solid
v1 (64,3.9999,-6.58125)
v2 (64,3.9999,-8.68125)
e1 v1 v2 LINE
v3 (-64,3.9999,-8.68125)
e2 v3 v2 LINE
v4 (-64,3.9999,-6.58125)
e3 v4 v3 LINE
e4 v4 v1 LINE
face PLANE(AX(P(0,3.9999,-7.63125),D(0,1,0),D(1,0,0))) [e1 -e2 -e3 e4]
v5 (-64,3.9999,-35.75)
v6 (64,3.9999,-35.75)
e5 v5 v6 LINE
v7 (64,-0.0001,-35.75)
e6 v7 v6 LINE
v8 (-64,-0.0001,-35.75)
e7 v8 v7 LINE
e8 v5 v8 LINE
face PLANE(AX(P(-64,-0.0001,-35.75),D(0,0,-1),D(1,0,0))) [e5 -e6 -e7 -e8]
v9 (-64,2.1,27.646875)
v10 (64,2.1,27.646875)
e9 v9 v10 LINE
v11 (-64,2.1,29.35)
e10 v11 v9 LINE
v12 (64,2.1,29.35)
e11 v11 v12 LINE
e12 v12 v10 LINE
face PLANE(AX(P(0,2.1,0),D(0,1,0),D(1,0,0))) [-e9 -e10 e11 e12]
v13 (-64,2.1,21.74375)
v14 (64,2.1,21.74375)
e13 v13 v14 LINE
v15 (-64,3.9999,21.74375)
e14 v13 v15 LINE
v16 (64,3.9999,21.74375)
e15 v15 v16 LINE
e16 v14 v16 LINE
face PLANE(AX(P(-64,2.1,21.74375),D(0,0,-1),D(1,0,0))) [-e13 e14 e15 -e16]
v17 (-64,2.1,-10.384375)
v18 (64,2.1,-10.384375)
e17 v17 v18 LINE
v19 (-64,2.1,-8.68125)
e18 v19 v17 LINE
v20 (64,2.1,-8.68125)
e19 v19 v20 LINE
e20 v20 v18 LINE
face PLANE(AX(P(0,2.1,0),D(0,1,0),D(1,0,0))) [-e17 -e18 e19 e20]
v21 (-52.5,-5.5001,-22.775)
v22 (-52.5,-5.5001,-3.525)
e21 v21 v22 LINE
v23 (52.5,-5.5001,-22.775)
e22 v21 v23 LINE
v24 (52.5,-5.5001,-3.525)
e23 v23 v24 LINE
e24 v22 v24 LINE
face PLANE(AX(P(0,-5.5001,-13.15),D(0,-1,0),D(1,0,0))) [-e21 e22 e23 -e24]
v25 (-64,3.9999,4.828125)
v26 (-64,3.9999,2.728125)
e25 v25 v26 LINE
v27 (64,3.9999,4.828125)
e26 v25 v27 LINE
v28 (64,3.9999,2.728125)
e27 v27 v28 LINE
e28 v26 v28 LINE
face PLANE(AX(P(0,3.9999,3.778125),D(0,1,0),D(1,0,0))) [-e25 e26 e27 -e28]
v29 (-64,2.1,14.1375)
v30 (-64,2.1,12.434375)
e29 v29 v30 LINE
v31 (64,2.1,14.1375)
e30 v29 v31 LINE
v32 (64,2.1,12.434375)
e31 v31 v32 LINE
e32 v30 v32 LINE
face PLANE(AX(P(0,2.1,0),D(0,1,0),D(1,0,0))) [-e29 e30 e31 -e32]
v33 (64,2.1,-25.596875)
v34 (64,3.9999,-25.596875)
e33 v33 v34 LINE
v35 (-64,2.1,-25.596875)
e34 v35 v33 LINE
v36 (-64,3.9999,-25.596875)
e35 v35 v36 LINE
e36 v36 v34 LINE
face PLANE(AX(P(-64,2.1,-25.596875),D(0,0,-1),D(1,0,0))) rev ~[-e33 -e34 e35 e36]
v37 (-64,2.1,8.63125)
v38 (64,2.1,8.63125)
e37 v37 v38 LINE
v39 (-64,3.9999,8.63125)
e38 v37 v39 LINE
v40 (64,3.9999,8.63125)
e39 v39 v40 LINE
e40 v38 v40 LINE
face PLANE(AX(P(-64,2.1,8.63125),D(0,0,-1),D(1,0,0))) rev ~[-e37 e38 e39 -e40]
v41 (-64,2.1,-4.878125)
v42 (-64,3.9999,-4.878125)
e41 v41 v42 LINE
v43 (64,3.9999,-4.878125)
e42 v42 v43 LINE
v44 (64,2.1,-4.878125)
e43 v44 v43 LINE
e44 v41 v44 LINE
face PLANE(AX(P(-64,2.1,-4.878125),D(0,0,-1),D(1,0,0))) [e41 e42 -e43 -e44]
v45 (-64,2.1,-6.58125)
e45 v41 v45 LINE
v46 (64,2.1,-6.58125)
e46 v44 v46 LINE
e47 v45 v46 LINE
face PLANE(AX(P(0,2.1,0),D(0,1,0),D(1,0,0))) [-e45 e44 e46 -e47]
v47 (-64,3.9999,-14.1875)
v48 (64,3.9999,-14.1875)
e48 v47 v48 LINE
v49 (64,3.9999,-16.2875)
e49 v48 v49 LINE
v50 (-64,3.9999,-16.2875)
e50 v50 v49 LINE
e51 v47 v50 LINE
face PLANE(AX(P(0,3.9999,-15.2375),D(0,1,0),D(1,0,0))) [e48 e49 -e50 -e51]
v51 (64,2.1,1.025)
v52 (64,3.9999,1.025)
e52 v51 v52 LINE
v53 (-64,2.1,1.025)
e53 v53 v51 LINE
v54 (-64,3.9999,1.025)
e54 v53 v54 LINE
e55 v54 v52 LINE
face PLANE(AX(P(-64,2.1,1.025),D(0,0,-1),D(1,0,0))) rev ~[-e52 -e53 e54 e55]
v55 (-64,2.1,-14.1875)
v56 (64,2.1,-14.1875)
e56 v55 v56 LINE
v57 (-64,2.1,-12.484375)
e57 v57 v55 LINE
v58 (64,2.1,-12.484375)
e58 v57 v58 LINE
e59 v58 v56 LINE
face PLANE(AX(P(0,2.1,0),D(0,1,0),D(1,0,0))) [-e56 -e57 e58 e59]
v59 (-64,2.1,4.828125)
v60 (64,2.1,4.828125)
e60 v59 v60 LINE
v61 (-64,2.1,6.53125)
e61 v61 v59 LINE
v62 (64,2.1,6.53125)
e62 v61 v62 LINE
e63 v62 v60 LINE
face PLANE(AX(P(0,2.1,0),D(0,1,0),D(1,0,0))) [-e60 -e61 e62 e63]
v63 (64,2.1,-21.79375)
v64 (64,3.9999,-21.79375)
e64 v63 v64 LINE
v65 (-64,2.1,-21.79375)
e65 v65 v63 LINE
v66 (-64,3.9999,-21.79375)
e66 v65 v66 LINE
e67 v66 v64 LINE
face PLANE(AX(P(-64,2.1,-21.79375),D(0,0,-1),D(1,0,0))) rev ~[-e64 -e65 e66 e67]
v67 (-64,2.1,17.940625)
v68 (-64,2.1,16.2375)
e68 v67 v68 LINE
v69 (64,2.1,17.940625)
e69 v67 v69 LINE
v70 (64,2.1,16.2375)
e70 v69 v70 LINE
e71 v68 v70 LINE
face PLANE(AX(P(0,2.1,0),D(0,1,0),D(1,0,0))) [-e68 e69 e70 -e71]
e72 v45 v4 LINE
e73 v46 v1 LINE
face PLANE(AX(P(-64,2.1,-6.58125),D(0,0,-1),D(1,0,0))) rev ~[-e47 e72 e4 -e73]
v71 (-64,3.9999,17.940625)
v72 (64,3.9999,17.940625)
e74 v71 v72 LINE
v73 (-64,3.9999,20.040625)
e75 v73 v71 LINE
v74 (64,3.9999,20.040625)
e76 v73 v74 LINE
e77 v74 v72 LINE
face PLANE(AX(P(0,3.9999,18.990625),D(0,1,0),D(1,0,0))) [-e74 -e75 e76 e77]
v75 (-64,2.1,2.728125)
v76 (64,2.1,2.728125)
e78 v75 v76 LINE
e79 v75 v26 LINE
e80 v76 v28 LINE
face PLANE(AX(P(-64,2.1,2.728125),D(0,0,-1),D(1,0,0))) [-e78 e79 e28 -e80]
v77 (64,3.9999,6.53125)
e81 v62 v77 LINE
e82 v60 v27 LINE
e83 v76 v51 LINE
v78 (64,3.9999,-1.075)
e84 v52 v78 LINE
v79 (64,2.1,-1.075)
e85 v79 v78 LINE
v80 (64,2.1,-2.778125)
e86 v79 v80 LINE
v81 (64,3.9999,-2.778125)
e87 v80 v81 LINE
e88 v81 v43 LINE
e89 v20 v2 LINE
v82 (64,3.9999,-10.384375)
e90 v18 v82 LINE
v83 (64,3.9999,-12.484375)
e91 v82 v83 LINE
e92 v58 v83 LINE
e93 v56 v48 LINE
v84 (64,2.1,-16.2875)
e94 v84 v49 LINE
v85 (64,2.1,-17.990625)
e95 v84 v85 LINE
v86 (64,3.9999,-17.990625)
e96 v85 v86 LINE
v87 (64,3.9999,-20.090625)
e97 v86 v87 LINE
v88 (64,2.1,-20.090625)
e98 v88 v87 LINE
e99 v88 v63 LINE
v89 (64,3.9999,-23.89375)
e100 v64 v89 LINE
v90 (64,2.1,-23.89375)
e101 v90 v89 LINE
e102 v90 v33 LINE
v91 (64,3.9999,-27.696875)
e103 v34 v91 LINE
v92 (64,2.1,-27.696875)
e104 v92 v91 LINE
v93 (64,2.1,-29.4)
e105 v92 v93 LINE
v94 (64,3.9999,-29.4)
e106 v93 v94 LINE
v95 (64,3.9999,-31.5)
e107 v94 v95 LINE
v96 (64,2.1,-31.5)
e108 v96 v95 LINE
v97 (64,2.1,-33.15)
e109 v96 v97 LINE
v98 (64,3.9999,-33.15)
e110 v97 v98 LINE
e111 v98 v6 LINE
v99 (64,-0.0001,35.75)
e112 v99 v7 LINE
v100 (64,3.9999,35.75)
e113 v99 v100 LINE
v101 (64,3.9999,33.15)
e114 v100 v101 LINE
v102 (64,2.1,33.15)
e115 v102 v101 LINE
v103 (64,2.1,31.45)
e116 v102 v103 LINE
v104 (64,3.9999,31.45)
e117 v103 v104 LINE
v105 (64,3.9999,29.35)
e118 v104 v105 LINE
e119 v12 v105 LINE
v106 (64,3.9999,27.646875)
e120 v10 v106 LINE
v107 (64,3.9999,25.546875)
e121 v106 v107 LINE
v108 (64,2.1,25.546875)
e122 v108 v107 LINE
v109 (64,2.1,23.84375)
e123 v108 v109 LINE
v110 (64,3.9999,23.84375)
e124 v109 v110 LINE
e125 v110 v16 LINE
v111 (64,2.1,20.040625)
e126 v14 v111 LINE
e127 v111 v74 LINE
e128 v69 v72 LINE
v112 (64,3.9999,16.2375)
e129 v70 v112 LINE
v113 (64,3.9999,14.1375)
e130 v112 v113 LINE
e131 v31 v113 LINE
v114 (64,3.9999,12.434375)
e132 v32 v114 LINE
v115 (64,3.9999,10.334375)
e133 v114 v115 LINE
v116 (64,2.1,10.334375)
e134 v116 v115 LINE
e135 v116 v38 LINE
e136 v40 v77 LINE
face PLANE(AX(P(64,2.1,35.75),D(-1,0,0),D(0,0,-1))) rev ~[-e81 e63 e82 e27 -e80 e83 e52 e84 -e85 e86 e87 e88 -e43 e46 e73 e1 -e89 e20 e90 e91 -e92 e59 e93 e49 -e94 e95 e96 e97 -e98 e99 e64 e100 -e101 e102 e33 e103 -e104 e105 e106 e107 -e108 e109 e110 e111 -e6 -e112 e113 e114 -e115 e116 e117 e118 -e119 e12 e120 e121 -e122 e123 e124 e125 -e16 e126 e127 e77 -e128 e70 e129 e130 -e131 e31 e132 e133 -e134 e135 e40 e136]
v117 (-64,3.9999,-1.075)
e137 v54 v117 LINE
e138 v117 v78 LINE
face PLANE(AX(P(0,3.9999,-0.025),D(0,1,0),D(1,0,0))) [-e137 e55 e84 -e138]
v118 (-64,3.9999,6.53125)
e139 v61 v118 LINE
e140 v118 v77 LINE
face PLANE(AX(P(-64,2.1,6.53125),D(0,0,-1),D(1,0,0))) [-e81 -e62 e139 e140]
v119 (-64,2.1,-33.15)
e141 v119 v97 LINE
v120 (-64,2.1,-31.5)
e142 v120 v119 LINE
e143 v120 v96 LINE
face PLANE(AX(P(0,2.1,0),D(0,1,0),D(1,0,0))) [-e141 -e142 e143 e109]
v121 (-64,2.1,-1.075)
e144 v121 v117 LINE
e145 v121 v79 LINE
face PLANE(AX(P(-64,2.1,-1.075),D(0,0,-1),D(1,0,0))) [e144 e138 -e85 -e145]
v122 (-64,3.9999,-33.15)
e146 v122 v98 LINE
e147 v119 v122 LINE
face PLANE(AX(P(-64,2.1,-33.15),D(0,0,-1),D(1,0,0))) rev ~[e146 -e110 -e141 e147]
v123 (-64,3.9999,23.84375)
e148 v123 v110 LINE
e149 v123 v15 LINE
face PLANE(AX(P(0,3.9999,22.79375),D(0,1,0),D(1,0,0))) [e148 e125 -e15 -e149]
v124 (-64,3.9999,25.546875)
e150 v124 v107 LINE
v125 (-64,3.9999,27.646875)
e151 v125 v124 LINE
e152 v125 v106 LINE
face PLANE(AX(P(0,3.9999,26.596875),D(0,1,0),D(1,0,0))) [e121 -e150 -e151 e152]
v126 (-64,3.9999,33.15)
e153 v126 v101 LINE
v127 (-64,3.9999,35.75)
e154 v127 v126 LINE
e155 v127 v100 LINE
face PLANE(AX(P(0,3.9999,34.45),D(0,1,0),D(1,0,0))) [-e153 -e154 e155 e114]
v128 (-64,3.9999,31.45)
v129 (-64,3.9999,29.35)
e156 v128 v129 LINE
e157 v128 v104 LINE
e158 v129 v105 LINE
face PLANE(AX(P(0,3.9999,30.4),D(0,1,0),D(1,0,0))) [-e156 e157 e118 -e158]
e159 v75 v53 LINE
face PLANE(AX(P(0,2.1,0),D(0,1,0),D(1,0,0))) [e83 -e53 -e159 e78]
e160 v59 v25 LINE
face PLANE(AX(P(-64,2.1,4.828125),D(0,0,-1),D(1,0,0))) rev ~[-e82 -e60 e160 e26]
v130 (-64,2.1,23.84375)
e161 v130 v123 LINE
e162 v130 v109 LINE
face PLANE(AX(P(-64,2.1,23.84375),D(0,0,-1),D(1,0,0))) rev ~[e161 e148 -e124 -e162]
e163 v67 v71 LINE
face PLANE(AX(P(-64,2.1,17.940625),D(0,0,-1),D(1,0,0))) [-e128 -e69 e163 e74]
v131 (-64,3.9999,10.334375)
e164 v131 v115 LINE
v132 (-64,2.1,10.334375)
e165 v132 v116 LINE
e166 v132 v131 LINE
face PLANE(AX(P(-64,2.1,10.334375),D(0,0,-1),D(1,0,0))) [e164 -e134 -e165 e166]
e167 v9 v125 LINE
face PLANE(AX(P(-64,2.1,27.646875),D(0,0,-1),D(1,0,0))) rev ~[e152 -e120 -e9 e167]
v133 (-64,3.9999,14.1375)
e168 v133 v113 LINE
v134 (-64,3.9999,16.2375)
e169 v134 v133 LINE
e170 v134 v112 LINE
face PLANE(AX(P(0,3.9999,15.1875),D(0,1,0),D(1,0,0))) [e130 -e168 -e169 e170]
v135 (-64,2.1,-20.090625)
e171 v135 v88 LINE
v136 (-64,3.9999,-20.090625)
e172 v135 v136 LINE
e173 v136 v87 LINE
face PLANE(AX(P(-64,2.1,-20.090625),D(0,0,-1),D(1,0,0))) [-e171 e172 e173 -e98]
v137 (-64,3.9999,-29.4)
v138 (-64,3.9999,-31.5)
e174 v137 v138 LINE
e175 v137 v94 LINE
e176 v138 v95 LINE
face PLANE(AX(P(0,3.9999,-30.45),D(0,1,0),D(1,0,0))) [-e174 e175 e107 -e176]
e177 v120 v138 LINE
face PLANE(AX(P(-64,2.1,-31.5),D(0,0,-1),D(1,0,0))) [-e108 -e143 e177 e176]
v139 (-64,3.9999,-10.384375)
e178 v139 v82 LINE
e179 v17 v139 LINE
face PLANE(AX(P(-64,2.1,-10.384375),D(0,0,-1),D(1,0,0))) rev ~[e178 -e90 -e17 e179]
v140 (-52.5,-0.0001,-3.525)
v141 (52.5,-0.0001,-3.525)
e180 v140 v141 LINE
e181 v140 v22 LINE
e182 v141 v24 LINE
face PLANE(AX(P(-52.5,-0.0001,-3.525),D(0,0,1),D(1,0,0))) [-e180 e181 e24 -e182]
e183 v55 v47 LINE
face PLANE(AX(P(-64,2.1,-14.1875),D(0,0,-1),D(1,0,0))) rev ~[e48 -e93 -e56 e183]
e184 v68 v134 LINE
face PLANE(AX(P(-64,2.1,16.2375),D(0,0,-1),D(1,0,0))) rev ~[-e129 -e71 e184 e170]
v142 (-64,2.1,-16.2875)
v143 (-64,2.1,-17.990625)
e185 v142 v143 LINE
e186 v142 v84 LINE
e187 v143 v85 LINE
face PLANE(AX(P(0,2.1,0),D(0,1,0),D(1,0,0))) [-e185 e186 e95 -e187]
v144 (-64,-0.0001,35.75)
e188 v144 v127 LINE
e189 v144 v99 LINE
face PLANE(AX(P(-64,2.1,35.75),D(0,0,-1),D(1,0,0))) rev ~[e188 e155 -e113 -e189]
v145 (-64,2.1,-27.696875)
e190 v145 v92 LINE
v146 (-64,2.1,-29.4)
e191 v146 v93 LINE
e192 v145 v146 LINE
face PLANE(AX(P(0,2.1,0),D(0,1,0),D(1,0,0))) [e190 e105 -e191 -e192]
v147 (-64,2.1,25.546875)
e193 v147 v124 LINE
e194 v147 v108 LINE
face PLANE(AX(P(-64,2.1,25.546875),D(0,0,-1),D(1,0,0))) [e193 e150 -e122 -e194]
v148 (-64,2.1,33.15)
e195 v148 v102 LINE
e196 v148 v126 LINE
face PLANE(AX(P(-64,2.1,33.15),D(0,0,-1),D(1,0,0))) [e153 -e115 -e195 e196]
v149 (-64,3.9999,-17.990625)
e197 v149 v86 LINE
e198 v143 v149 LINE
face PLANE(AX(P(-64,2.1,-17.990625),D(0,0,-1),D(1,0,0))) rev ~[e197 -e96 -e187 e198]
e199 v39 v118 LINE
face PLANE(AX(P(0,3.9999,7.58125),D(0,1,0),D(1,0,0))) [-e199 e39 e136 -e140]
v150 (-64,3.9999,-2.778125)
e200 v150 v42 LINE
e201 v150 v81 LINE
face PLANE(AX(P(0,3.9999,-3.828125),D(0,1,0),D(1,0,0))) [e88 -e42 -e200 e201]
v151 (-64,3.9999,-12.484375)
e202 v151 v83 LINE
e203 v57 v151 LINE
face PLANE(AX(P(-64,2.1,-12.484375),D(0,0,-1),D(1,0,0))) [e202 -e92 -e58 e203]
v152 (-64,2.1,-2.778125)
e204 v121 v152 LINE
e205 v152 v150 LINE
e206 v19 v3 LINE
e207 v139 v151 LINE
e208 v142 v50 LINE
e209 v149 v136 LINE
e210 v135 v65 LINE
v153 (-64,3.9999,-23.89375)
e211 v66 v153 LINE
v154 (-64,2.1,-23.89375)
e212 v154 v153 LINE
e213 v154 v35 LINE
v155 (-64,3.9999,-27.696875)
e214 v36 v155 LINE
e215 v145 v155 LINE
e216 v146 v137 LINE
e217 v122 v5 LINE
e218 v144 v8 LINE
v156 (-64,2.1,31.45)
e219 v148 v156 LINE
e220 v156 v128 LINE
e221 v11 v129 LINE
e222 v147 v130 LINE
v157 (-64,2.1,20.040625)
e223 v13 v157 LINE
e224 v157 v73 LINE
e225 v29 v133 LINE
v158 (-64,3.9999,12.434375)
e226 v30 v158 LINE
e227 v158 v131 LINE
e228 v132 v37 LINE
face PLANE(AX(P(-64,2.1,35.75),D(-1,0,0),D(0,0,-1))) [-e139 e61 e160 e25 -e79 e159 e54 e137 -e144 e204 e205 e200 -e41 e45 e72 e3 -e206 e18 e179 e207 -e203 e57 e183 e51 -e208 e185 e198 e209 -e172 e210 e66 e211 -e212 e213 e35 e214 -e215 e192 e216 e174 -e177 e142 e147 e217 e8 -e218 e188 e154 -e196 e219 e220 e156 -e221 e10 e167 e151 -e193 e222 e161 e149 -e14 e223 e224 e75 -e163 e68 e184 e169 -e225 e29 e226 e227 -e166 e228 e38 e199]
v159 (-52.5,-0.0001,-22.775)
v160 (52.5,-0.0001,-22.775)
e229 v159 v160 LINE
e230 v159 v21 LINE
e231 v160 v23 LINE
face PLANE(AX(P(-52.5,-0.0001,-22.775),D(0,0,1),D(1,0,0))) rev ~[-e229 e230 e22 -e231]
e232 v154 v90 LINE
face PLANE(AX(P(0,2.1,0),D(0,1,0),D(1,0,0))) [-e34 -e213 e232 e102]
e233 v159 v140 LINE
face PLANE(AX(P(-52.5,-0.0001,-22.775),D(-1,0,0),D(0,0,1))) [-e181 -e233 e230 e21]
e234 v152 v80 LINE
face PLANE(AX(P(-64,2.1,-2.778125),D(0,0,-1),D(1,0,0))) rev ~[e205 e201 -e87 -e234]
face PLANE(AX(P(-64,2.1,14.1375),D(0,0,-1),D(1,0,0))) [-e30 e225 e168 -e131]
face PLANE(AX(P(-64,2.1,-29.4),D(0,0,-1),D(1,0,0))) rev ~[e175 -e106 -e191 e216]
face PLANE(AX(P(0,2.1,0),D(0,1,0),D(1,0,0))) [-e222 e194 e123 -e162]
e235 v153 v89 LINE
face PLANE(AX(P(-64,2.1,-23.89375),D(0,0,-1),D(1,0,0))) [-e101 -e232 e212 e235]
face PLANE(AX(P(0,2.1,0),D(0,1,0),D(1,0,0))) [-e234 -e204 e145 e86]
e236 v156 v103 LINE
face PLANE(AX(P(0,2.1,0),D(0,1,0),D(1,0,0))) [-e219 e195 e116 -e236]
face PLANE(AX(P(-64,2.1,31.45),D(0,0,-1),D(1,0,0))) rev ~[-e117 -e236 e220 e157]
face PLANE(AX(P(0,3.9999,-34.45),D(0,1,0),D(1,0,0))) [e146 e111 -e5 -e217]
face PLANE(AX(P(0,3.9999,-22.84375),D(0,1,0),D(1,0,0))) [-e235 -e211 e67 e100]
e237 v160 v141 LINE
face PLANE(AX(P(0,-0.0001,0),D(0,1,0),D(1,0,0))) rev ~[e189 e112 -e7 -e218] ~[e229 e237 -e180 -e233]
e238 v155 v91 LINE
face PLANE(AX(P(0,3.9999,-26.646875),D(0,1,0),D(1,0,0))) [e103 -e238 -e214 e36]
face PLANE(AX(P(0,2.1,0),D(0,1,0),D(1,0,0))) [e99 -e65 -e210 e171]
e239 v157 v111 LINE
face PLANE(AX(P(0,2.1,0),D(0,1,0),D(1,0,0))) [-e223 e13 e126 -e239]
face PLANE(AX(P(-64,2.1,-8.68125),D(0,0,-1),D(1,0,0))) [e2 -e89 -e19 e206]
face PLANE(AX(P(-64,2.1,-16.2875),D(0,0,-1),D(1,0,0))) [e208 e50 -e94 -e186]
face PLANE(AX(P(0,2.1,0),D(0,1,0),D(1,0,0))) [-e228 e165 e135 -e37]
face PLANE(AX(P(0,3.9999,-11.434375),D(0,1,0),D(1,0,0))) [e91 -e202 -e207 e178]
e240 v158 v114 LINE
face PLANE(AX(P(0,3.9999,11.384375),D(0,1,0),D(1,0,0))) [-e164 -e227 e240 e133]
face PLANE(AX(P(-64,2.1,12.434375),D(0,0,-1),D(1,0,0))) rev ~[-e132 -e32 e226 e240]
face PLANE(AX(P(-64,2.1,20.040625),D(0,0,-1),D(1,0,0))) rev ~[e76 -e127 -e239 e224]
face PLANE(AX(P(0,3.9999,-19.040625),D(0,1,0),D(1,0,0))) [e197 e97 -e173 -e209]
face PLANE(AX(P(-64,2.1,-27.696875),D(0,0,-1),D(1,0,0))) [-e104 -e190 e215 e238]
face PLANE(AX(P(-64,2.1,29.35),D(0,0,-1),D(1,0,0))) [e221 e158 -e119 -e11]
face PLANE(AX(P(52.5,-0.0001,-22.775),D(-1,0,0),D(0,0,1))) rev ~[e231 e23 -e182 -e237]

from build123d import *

# Parameters (mm, degrees)
BOSS_EXTRUDE1_DEPTH      = 2.1
BOSS_EXTRUDE1_DEPTH_BACK = 0.0001
SKETCH1_W                = 128
SKETCH1_H                = 71.5
SKETCH2_W                = 128
SKETCH2_H                = 2.6
BOSS_EXTRUDE2_DEPTH      = 1.8999
SKETCH3_W                = 128
SKETCH3_H                = 2.1
BOSS_EXTRUDE3_DEPTH      = 1.8999
LPATTERN1_COUNT          = 17
LPATTERN1_PITCH          = 3.803125
SKETCH6_W                = 105
SKETCH6_H                = 19.25
BOSS_EXTRUDE4_DEPTH      = 5.5


with BuildPart() as part:
    # Sketch1 → Boss-Extrude1 (new, two sides: drawn at the far end of the back side and taken through both)
    with BuildSketch(Plane(origin=(0, 0, 0), x_dir=(1, 0, 0), z_dir=(0, 1, 0)).offset(-BOSS_EXTRUDE1_DEPTH_BACK)):
        Rectangle(SKETCH1_W, SKETCH1_H)
    extrude(amount=BOSS_EXTRUDE1_DEPTH + BOSS_EXTRUDE1_DEPTH_BACK)

    # Sketch2 → Boss-Extrude2 (add)
    with BuildSketch(Plane(origin=(0, 2.1, 0), x_dir=(1, 0, 0), z_dir=(0, 1, 0))):
        with Locations((0, -34.45)):
            Rectangle(SKETCH2_W, SKETCH2_H)
        with Locations((0, 34.45)):
            Rectangle(SKETCH2_W, SKETCH2_H)
    extrude(amount=BOSS_EXTRUDE2_DEPTH)

    # Sketch3 → Boss-Extrude3 (add)
    with BuildSketch(Plane(origin=(0, 2.1, 0), x_dir=(1, 0, 0), z_dir=(0, 1, 0))):
        with Locations((0, -30.4)):
            Rectangle(SKETCH3_W, SKETCH3_H)
    boss_extrude3 = extrude(amount=BOSS_EXTRUDE3_DEPTH)

    # LPattern1: Boss-Extrude3 ×17
    with Locations(*[(0, 0, -i * LPATTERN1_PITCH) for i in range(1, LPATTERN1_COUNT)]):
        add(boss_extrude3)

    # Sketch6 → Boss-Extrude4 (add)
    with BuildSketch(Plane.XZ.offset(0.0001)):
        with Locations((0, -13.15)):
            Rectangle(SKETCH6_W, SKETCH6_H)
    extrude(amount=BOSS_EXTRUDE4_DEPTH)


solid = part.part
